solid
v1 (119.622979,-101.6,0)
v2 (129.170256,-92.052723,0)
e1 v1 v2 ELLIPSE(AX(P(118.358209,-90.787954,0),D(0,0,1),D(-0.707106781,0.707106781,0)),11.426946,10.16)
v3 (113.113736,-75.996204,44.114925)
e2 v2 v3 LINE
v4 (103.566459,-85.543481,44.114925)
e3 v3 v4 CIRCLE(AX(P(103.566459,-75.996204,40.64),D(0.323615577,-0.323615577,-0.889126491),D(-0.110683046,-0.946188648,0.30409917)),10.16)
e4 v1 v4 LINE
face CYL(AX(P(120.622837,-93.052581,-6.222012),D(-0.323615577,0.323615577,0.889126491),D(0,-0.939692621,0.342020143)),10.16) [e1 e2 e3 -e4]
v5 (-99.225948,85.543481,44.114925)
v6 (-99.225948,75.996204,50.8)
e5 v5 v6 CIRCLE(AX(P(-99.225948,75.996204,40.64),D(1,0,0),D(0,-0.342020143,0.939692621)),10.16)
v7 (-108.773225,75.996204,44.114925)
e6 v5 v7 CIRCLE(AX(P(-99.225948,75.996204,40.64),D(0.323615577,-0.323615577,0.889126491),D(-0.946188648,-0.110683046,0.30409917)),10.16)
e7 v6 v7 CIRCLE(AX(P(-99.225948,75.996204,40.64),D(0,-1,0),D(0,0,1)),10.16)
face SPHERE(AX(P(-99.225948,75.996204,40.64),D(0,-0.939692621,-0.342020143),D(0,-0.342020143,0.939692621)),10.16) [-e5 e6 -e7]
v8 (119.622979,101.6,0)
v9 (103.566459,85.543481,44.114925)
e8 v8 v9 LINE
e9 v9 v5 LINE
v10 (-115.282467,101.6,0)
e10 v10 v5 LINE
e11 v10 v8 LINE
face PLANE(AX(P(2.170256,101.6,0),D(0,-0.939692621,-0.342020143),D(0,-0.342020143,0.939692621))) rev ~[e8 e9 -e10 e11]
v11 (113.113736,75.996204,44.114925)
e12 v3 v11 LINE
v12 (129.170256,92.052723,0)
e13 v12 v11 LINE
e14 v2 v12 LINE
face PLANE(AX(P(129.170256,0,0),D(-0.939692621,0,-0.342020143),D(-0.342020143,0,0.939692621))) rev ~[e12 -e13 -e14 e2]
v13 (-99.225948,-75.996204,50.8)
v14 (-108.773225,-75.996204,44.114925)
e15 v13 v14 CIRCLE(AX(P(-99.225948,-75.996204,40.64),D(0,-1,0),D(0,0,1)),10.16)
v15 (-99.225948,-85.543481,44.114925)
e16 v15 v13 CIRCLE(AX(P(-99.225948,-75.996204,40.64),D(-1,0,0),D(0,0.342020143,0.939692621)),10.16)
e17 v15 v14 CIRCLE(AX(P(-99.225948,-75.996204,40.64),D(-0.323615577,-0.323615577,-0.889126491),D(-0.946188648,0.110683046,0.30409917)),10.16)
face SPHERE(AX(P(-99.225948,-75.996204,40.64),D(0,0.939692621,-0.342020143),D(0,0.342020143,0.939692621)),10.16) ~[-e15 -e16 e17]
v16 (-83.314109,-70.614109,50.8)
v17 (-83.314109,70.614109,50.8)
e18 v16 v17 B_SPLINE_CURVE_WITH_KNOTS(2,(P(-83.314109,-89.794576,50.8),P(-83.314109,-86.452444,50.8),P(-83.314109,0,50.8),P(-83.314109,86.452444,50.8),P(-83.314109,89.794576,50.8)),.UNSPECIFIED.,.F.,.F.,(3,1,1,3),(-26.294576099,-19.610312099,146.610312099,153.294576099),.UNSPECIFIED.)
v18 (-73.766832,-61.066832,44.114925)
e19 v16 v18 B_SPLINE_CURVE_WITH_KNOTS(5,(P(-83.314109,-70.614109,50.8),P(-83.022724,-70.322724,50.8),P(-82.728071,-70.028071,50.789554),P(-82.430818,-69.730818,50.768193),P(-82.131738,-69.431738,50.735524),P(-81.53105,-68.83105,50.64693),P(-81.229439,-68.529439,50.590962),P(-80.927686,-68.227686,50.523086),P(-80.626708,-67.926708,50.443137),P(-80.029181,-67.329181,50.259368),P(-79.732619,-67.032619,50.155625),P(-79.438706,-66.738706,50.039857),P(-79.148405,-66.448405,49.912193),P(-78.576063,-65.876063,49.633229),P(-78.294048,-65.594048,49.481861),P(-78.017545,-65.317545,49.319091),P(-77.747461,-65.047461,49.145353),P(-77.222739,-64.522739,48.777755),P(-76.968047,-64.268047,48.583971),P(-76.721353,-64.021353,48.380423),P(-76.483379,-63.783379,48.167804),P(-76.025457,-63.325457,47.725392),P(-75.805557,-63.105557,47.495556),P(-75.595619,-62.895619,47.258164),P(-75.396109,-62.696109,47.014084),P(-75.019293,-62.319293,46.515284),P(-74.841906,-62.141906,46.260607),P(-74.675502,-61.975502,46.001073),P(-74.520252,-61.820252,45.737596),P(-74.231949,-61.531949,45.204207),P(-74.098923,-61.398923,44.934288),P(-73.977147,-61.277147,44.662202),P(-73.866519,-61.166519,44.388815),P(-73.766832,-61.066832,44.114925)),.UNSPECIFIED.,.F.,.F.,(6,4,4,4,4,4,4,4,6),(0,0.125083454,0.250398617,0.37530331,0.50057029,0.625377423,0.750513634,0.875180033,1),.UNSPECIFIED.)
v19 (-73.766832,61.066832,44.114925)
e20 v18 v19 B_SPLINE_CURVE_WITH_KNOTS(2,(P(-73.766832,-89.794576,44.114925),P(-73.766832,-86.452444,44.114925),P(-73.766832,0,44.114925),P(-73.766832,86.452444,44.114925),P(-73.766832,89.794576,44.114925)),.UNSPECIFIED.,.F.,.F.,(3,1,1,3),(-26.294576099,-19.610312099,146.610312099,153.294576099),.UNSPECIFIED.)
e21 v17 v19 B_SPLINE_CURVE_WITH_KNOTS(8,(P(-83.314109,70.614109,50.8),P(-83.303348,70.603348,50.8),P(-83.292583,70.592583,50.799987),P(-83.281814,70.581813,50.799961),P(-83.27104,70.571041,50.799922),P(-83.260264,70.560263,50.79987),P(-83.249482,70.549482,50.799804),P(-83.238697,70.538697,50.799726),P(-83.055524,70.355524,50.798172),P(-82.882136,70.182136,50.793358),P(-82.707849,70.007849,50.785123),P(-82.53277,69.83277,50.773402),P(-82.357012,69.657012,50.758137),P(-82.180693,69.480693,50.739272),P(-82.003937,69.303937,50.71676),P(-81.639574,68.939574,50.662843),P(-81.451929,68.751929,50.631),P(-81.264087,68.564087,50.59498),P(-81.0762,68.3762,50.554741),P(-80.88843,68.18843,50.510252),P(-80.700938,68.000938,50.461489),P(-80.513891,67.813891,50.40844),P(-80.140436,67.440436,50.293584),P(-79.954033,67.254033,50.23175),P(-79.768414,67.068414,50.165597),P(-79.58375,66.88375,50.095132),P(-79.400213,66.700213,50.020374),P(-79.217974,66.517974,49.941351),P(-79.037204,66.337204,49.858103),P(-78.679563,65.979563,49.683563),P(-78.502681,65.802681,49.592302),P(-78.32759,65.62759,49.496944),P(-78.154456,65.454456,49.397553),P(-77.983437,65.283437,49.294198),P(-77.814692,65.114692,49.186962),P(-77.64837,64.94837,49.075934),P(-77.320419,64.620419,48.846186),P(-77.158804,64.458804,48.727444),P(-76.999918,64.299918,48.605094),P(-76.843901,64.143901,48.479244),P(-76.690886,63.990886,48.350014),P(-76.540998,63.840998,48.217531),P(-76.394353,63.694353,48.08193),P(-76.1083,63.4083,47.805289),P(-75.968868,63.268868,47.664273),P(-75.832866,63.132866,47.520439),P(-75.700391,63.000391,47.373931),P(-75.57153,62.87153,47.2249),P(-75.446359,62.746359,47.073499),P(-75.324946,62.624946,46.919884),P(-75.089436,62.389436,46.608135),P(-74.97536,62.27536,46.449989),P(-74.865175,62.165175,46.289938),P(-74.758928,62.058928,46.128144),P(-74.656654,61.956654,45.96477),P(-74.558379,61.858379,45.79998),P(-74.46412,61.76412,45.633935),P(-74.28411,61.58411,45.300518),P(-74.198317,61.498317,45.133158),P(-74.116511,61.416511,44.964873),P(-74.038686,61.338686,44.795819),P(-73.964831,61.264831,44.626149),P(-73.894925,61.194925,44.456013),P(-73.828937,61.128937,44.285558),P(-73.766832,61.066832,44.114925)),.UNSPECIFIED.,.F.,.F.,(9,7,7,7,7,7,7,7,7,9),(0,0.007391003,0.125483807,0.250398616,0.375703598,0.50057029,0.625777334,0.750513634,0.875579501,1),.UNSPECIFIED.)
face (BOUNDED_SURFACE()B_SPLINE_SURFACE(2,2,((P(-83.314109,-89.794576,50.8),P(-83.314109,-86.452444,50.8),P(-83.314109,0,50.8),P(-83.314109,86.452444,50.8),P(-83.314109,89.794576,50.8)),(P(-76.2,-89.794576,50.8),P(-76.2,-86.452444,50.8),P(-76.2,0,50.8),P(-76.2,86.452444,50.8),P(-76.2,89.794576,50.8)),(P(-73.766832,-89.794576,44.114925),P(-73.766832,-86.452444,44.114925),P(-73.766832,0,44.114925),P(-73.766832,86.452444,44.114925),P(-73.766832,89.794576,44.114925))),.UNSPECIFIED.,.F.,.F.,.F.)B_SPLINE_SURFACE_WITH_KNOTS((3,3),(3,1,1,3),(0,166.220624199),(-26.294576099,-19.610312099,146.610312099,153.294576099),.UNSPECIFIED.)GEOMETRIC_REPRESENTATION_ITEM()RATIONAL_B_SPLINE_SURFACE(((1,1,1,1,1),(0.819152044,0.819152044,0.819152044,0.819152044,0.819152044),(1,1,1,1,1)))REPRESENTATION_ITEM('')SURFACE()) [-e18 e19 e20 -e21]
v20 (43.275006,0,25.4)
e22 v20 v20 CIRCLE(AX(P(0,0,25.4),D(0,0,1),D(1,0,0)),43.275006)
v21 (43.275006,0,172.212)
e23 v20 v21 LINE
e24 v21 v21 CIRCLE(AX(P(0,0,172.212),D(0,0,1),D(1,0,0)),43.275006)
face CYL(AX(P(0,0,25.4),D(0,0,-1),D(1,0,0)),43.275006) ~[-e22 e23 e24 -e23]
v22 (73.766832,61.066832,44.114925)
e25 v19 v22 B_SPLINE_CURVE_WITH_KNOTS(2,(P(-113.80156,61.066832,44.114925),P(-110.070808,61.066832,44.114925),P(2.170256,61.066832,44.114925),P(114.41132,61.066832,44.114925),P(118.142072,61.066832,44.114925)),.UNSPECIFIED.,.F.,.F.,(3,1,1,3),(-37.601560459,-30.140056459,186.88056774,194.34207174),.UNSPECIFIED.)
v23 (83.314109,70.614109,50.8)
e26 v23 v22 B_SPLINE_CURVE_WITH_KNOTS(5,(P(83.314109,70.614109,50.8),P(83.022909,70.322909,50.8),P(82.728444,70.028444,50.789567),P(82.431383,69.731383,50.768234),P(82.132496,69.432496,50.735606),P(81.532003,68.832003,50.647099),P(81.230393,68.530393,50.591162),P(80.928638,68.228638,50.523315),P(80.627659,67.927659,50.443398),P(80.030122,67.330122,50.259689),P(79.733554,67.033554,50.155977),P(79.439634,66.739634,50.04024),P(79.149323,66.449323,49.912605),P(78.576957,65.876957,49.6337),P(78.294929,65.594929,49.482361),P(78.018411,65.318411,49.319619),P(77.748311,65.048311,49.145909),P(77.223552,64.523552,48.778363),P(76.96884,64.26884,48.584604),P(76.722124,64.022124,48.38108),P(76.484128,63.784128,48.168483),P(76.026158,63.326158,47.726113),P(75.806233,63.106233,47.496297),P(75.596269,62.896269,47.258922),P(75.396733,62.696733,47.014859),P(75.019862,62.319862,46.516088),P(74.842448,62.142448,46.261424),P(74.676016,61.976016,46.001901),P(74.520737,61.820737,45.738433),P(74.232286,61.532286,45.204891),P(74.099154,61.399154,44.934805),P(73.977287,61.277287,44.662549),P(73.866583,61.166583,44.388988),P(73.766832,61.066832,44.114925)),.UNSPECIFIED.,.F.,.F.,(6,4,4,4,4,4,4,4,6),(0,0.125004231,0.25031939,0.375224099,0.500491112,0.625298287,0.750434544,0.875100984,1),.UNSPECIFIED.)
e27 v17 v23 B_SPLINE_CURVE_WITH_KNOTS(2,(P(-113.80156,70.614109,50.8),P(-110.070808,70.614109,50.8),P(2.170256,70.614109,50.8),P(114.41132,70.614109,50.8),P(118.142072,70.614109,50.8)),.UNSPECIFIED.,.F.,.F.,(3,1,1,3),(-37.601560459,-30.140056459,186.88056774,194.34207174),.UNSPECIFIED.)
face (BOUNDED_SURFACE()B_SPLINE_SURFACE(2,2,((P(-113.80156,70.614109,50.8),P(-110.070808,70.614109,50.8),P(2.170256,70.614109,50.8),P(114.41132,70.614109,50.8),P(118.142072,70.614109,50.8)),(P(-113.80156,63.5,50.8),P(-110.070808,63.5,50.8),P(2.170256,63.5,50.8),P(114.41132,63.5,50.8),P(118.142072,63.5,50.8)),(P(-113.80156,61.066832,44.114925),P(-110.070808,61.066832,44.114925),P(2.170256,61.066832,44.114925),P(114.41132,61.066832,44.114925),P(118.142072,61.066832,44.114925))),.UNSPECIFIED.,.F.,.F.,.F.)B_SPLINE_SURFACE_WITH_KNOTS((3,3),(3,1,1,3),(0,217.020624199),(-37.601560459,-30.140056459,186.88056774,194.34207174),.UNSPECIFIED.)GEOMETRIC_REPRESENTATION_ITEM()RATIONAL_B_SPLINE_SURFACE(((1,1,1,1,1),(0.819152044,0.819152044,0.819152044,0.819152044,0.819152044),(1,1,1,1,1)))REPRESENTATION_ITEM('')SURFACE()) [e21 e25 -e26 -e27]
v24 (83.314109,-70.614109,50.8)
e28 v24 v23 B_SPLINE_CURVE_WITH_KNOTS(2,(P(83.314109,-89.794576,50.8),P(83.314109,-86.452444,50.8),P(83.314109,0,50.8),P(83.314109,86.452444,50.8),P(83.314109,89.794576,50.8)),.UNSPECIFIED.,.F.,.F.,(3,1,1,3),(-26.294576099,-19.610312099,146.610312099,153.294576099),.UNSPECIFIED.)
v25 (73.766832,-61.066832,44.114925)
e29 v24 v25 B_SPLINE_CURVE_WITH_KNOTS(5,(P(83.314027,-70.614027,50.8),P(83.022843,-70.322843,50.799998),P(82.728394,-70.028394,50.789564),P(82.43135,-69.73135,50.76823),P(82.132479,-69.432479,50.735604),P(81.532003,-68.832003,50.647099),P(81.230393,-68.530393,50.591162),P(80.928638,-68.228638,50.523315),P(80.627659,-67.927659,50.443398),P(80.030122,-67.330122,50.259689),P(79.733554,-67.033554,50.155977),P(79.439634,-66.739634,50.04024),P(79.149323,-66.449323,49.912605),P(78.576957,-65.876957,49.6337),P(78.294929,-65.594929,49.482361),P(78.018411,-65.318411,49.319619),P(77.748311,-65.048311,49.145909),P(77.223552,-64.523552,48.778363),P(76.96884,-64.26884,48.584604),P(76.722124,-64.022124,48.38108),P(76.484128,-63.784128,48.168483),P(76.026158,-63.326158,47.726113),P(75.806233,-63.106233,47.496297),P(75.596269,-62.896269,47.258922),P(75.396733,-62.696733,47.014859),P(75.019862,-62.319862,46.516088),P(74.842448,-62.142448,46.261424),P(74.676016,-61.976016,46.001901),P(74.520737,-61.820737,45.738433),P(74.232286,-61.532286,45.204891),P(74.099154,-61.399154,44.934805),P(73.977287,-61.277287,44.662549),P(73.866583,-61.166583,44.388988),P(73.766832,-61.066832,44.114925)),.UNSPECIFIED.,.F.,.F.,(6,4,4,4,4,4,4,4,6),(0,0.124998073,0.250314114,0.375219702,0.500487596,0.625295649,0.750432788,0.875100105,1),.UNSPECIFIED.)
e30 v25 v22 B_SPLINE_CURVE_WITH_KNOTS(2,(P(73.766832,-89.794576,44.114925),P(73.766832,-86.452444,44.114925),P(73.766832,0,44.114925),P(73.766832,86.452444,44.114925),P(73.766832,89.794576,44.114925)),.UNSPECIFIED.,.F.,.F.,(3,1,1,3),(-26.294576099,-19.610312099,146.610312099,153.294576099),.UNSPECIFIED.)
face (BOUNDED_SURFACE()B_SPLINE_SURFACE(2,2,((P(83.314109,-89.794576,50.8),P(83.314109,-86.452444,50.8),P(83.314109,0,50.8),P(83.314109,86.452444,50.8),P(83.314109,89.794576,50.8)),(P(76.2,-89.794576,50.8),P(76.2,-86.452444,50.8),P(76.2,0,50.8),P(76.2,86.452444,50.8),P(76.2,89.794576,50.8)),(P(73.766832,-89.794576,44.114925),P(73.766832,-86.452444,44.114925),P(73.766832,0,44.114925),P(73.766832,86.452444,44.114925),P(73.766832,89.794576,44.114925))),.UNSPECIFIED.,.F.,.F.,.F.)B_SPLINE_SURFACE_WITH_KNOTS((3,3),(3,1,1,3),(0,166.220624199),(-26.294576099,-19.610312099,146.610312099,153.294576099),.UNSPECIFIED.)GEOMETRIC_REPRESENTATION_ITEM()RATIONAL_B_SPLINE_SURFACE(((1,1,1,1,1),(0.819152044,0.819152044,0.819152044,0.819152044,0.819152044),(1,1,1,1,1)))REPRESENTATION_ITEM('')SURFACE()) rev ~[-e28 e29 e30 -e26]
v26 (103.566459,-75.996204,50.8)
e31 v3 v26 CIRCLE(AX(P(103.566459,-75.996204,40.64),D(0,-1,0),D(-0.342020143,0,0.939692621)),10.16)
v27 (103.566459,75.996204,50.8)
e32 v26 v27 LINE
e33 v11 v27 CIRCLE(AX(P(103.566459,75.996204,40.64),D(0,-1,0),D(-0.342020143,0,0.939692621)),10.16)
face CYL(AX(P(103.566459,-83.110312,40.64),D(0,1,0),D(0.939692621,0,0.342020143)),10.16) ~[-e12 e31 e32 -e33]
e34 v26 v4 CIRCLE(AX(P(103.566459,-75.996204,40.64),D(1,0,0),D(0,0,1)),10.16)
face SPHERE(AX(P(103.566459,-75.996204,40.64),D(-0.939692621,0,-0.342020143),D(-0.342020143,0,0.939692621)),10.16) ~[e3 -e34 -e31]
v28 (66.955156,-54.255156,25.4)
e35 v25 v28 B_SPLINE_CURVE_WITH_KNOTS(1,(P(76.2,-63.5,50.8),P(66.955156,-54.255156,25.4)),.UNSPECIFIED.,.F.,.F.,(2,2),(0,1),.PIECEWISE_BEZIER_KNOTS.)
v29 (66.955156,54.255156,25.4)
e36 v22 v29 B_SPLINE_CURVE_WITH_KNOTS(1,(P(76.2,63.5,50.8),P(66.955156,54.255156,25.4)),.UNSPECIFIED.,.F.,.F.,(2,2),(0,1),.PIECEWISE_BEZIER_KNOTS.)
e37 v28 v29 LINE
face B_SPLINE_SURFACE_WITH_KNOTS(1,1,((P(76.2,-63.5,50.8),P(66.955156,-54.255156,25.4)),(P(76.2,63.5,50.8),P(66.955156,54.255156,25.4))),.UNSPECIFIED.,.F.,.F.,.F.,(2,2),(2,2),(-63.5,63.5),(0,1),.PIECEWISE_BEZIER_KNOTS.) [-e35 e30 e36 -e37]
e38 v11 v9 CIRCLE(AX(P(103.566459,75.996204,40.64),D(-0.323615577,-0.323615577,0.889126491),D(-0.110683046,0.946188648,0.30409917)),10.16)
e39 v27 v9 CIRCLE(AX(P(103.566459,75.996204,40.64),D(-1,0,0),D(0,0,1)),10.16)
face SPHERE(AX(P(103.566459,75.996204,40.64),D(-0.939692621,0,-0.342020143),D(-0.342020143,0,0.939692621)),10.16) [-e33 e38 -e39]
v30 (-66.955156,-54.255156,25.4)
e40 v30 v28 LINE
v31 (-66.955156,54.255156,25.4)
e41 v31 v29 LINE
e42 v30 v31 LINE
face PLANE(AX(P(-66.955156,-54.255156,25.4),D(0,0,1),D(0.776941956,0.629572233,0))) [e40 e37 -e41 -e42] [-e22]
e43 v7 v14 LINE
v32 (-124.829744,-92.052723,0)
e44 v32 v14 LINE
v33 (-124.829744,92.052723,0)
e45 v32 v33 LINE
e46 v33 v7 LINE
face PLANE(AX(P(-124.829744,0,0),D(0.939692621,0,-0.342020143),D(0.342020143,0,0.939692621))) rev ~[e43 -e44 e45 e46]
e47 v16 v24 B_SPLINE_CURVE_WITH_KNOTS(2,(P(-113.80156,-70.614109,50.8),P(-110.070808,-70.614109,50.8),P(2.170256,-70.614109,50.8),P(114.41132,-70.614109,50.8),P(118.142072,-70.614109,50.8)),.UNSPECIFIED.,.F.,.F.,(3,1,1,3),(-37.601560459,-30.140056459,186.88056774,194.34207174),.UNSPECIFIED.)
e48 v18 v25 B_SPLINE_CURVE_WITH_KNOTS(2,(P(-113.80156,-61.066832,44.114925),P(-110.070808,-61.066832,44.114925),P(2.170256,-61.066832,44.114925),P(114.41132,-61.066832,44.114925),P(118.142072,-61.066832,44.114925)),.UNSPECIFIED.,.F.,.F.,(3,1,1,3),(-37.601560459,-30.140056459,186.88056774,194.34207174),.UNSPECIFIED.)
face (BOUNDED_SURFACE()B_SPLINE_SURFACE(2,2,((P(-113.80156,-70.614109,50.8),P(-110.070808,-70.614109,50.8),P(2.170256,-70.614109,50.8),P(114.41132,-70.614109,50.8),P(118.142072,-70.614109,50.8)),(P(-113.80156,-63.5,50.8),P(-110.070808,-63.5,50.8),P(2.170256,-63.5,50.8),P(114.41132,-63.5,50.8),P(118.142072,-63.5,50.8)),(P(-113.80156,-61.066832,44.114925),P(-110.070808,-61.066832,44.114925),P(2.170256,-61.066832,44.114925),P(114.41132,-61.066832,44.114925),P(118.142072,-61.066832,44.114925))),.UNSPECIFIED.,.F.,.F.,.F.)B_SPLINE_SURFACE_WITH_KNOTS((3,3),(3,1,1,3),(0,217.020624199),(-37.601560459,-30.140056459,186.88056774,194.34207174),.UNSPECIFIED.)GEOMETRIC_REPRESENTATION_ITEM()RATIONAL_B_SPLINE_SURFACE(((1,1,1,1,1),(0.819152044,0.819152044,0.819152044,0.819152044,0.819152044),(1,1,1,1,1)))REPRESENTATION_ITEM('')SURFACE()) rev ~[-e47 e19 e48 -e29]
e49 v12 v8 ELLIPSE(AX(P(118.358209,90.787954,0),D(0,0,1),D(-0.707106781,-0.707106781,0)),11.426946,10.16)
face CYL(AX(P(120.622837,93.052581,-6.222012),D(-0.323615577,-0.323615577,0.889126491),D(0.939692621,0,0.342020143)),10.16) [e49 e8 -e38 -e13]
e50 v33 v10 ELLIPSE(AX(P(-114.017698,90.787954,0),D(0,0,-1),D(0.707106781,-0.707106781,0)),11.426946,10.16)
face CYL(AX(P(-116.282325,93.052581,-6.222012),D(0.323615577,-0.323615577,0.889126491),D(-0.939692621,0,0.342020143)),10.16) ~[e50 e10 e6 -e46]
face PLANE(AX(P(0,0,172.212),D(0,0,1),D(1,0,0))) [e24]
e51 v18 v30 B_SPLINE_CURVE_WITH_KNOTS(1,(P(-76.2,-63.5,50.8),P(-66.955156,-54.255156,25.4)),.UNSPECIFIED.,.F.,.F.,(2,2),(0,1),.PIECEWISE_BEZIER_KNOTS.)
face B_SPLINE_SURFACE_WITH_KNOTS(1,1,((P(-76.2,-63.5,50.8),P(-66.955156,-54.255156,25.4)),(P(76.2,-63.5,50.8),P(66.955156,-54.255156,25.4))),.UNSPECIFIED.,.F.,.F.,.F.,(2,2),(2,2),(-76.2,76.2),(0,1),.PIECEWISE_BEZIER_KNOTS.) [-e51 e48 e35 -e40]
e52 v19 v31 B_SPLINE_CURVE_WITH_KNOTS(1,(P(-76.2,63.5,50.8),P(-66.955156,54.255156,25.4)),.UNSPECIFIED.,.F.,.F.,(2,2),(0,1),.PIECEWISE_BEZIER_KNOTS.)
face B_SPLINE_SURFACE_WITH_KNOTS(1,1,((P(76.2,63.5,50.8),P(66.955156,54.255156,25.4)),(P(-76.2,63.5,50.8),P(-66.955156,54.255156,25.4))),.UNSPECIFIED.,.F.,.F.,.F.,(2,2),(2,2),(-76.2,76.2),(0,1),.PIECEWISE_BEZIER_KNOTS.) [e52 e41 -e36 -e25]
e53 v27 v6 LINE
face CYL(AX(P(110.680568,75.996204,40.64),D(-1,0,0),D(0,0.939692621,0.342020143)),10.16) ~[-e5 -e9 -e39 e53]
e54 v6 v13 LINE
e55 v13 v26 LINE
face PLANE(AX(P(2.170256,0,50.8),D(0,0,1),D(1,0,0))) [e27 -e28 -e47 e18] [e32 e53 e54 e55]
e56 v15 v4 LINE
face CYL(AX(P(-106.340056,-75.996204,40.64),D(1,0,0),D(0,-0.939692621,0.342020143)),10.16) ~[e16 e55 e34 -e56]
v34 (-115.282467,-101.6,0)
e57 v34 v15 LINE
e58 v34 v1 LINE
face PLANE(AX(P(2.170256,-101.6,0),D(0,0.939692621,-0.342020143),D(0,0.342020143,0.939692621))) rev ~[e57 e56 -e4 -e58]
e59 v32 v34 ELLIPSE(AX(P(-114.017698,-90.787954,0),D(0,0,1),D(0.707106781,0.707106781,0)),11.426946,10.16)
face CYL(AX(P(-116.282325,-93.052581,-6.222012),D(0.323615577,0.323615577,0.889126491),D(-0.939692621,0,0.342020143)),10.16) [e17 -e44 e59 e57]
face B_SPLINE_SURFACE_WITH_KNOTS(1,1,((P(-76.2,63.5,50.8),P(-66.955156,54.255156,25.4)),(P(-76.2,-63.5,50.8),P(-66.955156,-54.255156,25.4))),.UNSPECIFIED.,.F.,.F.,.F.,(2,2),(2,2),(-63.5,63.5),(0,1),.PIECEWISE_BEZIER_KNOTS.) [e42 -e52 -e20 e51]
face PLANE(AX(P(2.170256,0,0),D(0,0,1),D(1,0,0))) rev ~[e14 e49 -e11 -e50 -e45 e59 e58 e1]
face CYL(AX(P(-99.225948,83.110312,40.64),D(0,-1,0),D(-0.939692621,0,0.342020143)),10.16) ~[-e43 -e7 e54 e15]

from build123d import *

# Parameters (mm, degrees)
F0_W     = 254
F0_H     = 203.2
F1_DEPTH = 50.8
F1_TAPER = 20
F2_W     = 152.4
F2_H     = 127
F3_DEPTH = 25.4
F3_TAPER = 20
F4_R     = 10.16
F5_R     = 43.275006419
F6_DEPTH = 146.812


with BuildPart() as f1:
    # F0 (on Top) → F1 (new body)
    with BuildSketch(Plane.XY):
        with Locations((2.1702556405, 0)):
            Rectangle(F0_W, F0_H)
    extrude(amount=F1_DEPTH, taper=F1_TAPER)

    # F2 (on face) → F3 (cut)
    with BuildSketch(Plane.XY.offset(50.8)):
        Rectangle(F2_W, F2_H)
    extrude(amount=-F3_DEPTH, taper=F3_TAPER, mode=Mode.SUBTRACT)

    # F4
    f4_edges = [f1.edges().sort_by_distance(p)[0] for p in [
        (-106.340056, 0, 50.8),
        (2.170256, 83.110312, 50.8),
        (2.170256, -83.110312, 50.8),
        (110.680568, 0, 50.8),
        (76.2, 0, 50.8),
        (0, 63.5, 50.8),
        (-76.2, 0, 50.8),
        (0, -63.5, 50.8),
        (119.925412, -92.355156, 25.4),
        (119.925412, 92.355156, 25.4),
        (-115.5849, -92.355156, 25.4),
        (-115.5849, 92.355156, 25.4),
    ]]
    fillet(f4_edges, radius=F4_R)

    # F5 (on face) → F6 (join)
    with BuildSketch(Plane.XY.offset(25.4)):
        Circle(F5_R)
    extrude(amount=F6_DEPTH)


solid = f1.part
